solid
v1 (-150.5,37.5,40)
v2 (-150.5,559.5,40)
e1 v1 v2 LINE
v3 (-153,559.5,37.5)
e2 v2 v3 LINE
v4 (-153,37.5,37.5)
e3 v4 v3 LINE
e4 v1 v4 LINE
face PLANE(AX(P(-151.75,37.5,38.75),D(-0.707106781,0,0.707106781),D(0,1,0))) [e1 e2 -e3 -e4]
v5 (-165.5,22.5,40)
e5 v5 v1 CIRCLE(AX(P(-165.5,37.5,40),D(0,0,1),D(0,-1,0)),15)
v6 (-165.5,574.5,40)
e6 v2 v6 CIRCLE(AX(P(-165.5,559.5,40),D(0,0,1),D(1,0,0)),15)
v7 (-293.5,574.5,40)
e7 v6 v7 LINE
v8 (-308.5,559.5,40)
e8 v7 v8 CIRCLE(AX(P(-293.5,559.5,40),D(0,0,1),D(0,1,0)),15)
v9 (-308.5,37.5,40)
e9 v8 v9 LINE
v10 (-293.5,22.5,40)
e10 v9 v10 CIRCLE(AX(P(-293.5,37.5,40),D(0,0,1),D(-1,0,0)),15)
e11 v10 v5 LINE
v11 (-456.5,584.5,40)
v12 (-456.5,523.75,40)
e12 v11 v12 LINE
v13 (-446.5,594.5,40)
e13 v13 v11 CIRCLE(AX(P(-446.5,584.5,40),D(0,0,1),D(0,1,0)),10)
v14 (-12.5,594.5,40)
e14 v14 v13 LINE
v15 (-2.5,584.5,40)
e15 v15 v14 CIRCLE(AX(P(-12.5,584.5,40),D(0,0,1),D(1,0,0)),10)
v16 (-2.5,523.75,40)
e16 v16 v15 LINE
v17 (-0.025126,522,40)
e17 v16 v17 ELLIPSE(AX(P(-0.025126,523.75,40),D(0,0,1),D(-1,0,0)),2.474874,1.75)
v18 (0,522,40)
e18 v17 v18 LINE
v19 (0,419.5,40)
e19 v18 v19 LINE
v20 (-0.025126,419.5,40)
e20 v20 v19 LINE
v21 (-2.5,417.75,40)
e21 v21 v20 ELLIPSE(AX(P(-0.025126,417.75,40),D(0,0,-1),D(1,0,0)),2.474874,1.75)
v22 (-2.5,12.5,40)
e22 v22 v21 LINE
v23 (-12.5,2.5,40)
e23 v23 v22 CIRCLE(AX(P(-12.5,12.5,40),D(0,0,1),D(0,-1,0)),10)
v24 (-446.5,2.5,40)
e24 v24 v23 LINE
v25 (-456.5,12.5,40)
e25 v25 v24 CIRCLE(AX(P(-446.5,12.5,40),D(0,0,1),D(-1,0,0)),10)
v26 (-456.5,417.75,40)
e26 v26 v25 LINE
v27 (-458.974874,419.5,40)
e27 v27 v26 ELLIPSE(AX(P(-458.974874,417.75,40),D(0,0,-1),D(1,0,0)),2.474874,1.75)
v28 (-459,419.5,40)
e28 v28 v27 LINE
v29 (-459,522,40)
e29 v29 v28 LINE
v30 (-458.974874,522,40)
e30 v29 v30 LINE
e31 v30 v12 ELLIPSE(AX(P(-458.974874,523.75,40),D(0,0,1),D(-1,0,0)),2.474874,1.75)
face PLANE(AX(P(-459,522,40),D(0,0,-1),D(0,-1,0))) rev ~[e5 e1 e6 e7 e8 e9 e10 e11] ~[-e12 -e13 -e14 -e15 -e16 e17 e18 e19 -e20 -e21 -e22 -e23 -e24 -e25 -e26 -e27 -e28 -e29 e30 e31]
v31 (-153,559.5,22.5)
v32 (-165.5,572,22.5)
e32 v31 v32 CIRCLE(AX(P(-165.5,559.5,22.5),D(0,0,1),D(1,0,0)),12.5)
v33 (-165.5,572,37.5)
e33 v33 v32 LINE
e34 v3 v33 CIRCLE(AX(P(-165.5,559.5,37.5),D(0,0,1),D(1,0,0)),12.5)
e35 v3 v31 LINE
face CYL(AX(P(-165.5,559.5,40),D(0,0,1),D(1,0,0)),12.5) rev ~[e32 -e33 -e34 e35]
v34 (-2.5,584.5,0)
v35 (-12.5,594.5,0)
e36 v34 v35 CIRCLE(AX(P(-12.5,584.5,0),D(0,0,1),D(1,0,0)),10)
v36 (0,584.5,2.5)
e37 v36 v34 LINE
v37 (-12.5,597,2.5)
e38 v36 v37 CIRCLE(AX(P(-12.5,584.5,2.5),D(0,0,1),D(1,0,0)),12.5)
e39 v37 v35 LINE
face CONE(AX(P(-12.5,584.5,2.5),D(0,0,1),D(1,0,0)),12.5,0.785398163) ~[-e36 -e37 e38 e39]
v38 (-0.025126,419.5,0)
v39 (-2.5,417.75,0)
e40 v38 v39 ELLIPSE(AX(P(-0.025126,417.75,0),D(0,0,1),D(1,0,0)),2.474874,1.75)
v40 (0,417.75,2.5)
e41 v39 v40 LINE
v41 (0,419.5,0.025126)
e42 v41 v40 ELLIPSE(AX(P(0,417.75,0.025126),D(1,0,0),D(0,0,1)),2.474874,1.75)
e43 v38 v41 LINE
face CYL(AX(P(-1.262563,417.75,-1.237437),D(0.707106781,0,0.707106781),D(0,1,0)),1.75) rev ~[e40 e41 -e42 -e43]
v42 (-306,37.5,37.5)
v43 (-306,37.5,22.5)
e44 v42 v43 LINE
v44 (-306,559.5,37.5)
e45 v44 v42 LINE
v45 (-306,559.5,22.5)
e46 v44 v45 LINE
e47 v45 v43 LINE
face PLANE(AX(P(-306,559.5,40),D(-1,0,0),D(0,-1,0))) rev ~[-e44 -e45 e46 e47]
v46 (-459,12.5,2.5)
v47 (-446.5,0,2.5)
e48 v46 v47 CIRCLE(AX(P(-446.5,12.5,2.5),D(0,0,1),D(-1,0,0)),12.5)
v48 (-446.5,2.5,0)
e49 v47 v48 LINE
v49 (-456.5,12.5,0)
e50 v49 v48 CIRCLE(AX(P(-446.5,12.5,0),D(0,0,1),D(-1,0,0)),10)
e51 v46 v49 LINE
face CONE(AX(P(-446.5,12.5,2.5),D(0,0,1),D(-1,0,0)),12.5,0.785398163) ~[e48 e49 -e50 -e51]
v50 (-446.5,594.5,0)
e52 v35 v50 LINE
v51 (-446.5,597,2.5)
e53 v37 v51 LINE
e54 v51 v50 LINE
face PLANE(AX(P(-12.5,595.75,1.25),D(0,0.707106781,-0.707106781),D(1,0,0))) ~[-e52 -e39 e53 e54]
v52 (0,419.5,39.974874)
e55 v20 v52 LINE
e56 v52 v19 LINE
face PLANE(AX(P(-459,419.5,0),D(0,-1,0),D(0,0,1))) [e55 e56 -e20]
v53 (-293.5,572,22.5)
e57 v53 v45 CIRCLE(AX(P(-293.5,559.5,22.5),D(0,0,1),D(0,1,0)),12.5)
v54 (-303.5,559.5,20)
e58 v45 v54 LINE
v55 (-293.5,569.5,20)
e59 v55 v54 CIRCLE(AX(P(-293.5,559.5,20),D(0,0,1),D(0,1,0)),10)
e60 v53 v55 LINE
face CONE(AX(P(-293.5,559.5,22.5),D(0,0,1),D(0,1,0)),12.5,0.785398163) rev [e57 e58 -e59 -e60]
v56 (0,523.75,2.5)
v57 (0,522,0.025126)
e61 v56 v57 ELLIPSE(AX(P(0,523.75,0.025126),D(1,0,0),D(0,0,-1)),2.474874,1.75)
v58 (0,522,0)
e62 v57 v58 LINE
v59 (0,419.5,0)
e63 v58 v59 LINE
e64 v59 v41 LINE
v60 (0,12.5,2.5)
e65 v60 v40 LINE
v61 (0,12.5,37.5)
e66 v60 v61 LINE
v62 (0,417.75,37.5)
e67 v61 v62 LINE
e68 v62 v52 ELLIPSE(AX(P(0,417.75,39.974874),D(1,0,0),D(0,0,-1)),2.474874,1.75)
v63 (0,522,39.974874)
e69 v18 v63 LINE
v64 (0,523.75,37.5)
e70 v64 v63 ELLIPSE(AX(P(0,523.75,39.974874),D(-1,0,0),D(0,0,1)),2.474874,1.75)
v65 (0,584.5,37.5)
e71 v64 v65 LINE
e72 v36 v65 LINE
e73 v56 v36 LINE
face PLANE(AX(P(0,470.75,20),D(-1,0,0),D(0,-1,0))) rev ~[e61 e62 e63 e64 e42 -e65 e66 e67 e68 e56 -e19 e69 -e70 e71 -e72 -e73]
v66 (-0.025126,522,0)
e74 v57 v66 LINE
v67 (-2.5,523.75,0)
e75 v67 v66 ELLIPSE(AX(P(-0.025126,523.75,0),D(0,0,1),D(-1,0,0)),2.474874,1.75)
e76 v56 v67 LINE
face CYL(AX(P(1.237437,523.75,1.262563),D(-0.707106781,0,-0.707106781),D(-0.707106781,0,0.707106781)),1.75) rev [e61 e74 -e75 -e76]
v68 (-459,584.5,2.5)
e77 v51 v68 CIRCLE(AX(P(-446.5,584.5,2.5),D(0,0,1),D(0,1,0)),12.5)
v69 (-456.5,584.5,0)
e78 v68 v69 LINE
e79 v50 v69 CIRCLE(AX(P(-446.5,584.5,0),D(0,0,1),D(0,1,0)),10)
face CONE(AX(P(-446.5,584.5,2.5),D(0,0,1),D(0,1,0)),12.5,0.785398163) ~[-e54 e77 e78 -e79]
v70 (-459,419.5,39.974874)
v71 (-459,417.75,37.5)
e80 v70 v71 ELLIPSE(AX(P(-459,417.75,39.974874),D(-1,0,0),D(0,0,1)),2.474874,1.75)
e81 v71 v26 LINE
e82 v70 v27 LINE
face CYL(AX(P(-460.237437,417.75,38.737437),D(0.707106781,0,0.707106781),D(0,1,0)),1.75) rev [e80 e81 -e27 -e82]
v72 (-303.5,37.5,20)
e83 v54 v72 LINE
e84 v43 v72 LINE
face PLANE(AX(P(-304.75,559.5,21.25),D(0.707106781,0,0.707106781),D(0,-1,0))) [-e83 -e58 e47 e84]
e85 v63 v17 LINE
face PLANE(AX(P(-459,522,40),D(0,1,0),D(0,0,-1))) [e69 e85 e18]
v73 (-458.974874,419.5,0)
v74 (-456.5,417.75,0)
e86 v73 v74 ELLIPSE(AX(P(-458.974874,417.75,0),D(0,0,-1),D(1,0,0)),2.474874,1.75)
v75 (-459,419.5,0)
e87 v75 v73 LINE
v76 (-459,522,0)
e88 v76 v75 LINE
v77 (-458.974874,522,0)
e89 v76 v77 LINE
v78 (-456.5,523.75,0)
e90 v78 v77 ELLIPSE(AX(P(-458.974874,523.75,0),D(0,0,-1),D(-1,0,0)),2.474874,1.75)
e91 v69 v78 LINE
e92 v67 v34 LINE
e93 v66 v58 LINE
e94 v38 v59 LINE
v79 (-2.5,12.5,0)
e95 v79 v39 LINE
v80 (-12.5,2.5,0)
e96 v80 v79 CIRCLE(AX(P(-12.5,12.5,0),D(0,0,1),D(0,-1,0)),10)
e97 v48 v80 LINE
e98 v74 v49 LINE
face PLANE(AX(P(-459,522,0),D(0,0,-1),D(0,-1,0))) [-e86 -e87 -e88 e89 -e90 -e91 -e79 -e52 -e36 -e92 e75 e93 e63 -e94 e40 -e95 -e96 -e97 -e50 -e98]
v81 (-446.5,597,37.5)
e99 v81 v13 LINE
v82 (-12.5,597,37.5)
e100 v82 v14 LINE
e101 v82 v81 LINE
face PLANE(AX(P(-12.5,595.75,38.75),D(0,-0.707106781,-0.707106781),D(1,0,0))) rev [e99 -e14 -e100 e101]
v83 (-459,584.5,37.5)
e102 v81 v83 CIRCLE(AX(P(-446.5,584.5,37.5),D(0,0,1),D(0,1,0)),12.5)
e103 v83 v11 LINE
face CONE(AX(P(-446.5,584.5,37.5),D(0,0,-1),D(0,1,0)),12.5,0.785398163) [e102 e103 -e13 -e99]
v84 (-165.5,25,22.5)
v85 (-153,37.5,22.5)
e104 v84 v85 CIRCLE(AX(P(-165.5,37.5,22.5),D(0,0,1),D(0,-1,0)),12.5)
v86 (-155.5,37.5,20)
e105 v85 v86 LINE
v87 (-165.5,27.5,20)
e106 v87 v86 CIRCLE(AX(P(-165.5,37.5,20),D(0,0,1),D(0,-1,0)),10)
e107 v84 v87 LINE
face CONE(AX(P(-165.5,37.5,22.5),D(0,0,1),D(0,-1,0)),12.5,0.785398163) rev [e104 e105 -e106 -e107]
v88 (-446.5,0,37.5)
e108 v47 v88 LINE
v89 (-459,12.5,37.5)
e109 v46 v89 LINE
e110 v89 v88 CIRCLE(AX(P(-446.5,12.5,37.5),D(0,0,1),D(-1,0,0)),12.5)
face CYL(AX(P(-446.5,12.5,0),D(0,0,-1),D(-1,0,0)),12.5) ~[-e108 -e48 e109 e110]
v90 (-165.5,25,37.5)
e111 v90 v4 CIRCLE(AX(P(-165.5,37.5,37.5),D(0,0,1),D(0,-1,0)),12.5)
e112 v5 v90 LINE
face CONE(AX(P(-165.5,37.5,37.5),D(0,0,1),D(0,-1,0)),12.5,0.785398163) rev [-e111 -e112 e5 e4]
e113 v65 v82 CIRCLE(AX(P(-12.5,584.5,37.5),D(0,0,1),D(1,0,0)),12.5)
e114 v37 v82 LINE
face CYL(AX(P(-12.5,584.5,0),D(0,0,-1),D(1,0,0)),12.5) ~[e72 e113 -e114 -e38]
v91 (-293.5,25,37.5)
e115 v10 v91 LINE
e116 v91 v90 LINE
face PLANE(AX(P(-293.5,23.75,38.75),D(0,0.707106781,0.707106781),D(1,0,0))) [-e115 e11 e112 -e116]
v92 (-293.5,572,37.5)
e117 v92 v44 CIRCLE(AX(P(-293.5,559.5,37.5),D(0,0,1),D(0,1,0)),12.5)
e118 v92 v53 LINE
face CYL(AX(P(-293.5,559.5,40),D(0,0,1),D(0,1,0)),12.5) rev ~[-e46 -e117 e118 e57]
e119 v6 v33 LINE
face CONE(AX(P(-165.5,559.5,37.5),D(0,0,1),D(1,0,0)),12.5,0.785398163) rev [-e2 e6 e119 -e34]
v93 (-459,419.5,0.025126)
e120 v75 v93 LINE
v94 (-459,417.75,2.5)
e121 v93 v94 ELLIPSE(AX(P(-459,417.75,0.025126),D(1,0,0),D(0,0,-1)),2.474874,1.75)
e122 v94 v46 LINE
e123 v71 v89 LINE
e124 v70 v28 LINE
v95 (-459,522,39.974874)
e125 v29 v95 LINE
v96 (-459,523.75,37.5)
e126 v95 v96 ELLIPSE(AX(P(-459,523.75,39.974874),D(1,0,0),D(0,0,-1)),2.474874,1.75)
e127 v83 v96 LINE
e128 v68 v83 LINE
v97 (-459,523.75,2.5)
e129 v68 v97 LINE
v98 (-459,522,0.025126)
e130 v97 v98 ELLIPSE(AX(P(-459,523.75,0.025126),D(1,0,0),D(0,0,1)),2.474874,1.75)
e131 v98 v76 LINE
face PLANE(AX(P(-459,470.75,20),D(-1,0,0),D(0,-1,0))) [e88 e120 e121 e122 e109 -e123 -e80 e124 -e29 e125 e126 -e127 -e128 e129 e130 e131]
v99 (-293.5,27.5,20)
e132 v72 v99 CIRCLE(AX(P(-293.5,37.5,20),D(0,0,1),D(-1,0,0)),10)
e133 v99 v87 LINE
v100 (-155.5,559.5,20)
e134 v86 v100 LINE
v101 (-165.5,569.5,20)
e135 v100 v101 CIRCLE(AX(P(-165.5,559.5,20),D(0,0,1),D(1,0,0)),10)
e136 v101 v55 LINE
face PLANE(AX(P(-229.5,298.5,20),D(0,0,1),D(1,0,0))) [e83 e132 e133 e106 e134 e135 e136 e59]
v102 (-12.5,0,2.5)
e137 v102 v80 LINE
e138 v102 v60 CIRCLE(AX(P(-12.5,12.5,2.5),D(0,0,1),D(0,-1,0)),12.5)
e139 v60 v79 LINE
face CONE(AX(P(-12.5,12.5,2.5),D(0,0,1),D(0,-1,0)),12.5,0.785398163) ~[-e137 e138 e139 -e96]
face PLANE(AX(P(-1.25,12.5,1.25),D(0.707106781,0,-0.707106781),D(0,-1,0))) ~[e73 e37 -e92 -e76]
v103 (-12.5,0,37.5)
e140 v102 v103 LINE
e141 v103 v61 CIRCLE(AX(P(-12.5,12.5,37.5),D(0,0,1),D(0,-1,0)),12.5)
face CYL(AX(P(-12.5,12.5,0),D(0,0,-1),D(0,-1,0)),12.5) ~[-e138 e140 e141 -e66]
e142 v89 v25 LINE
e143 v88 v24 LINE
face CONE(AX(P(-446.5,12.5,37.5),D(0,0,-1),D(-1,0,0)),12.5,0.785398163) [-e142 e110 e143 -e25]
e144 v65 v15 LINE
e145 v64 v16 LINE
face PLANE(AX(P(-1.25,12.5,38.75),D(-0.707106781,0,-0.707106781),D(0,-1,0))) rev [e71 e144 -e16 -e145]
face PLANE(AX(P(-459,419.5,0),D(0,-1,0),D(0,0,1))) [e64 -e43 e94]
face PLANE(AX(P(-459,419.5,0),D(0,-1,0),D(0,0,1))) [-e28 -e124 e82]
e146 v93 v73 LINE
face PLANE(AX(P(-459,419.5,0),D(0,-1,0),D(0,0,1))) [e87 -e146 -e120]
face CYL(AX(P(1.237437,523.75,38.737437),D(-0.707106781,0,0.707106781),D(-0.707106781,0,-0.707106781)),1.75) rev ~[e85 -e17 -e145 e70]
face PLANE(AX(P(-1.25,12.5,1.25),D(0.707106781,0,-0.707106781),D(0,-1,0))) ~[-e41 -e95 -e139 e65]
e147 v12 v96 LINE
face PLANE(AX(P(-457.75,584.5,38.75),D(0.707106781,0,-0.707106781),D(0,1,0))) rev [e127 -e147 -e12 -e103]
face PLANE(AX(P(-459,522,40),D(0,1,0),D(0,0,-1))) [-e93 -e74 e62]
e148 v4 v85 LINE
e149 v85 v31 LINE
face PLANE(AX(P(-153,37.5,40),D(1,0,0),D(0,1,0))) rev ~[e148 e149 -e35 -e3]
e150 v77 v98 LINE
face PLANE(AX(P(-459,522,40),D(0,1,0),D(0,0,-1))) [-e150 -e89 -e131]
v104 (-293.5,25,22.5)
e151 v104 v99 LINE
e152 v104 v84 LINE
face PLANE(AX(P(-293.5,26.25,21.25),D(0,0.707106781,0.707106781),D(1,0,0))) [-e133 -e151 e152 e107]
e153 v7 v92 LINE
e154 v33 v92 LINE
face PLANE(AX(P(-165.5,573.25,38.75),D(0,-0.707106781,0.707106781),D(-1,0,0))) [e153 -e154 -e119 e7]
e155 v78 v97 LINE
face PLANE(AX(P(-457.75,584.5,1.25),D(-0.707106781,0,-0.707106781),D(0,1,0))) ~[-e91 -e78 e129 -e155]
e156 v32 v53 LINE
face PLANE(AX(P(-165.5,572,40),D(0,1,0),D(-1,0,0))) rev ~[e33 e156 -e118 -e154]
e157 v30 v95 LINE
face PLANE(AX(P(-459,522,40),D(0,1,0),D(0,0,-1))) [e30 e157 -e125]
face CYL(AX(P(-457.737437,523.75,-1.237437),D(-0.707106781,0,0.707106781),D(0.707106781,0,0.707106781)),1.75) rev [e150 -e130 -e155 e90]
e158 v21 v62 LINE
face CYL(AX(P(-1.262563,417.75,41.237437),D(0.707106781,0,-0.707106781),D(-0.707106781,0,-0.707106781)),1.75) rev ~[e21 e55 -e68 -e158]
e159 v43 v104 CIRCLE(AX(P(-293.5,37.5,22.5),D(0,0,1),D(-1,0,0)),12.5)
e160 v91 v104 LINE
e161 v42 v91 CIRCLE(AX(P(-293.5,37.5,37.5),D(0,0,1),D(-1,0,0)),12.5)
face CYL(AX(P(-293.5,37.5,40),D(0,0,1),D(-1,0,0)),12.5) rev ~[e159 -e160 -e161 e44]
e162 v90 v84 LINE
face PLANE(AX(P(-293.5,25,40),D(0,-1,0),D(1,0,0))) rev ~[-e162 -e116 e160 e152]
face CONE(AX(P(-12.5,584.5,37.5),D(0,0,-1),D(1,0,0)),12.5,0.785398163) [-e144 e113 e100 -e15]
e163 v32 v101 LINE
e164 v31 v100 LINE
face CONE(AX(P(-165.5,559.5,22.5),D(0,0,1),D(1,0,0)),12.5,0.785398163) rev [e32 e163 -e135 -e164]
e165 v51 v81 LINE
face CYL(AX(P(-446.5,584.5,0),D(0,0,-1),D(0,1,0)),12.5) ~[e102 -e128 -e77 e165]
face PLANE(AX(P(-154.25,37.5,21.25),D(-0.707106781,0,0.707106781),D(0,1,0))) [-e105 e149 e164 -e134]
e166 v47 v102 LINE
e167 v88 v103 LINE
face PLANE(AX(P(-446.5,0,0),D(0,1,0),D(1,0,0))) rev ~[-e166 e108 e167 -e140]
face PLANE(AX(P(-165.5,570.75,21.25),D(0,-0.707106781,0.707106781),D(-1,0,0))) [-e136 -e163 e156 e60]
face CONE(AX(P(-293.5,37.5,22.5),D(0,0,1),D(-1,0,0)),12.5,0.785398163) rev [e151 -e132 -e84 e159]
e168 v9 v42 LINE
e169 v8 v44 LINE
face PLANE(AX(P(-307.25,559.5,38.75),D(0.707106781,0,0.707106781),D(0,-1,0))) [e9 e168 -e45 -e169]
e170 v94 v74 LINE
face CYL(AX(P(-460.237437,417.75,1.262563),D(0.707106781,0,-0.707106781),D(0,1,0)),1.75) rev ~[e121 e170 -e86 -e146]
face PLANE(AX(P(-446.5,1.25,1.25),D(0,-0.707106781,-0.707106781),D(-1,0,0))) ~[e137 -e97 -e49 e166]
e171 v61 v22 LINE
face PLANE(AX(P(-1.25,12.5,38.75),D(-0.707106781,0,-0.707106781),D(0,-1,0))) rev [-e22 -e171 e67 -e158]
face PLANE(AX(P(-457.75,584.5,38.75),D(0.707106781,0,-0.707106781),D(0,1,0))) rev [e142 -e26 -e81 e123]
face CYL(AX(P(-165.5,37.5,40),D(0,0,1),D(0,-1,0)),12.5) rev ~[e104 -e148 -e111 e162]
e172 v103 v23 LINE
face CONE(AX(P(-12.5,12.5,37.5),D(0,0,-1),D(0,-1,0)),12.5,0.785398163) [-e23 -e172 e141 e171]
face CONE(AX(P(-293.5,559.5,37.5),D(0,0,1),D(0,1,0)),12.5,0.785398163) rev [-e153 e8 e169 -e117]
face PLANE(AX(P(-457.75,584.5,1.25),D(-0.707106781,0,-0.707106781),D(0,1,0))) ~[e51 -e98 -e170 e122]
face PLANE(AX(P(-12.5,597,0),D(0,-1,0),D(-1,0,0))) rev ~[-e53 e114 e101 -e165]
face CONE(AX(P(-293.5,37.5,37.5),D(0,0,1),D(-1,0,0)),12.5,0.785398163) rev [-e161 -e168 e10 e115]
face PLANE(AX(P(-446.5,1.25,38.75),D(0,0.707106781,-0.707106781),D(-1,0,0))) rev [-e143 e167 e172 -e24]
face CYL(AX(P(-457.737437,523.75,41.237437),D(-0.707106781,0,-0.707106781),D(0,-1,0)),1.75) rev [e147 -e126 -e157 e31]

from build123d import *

# Parameters (mm, degrees)
F1_DEPTH = 40
F2_SIZE  = 2.5
F3_W     = 102.5
F3_H     = 35
F3_H_2   = 2.5
F4_DEPTH = 459
F6_DEPTH = 20
F7_SIZE  = 2.5
F8_R     = 1.75


with BuildPart() as f1:
    # F0 (on Top) → F1 (new body)
    with BuildSketch(Plane.XY):
        with BuildLine():
            Line((-446.5, 0), (-12.5, 0))
            ThreePointArc((-12.5, 0), (-3.6611652352, 3.6611652352), (0, 12.5))
            Line((0, 12.5), (0, 584.5))
            ThreePointArc((0, 584.5), (-3.6611652352, 593.3388347648), (-12.5, 597))
            Line((-12.5, 597), (-446.5, 597))
            ThreePointArc((-446.5, 597), (-455.3388347648, 593.3388347648), (-459, 584.5))
            Line((-459, 584.5), (-459, 12.5))
            ThreePointArc((-459, 12.5), (-455.3388347648, 3.6611652352), (-446.5, 0))
        make_face()
    extrude(amount=F1_DEPTH)

    # F2
    f2_edges = [f1.edges().sort_by_distance(p)[0] for p in [
        (-229.5, 0, 40),
        (-3.661165, 3.661165, 40),
        (0, 298.5, 40),
        (-3.661165, 593.338835, 40),
        (-229.5, 597, 40),
        (-455.338835, 593.338835, 40),
        (-459, 298.5, 40),
        (-455.338835, 3.661165, 40),
        (-229.5, 0, 0),
        (-3.661165, 3.661165, 0),
        (0, 298.5, 0),
        (-3.661165, 593.338835, 0),
        (-229.5, 597, 0),
        (-455.338835, 593.338835, 0),
        (-459, 298.5, 0),
        (-455.338835, 3.661165, 0),
    ]]
    chamfer(f2_edges, length=F2_SIZE)

    # F3 (on face) → F4 (join)
    with BuildSketch(Plane(origin=(-459, 0, 0), x_dir=(0, -1, 0), z_dir=(-1, 0, 0))):
        with Locations((-470.75, 20)):
            Rectangle(F3_W, F3_H)
        with Locations((-470.75, 38.75)):
            Rectangle(F3_W, F3_H_2)
        with Locations((-470.75, 1.25)):
            Rectangle(F3_W, F3_H_2)
    extrude(amount=-F4_DEPTH)

    # F5 (on face) → F6 (cut)
    with BuildSketch(Plane.XY.offset(40)):
        with BuildLine():
            Line((-165.5, 572), (-293.5, 572))
            ThreePointArc((-293.5, 572), (-302.3388347648, 568.3388347648), (-306, 559.5))
            Line((-306, 559.5), (-306, 37.5))
            ThreePointArc((-306, 37.5), (-302.3388347648, 28.6611652352), (-293.5, 25))
            Line((-293.5, 25), (-165.5, 25))
            ThreePointArc((-165.5, 25), (-156.6611652352, 28.6611652352), (-153, 37.5))
            Line((-153, 37.5), (-153, 559.5))
            ThreePointArc((-153, 559.5), (-156.6611652352, 568.3388347648), (-165.5, 572))
        make_face()
    extrude(amount=-F6_DEPTH, mode=Mode.SUBTRACT)

    # F7
    f7_edges = [f1.edges().sort_by_distance(p)[0] for p in [
        (-306, 298.5, 40),
        (-229.5, 572, 20),
    ]]
    chamfer(f7_edges, length=F7_SIZE)

    # F8
    f8_edges = [f1.edges().sort_by_distance(p)[0] for p in [
        (-1.25, 419.5, 38.75),
        (-1.25, 522, 38.75),
        (-1.25, 419.5, 1.25),
        (-1.25, 522, 1.25),
        (-457.75, 522, 38.75),
        (-457.75, 419.5, 38.75),
        (-457.75, 522, 1.25),
        (-457.75, 419.5, 1.25),
    ]]
    fillet(f8_edges, radius=F8_R)


solid = f1.part
